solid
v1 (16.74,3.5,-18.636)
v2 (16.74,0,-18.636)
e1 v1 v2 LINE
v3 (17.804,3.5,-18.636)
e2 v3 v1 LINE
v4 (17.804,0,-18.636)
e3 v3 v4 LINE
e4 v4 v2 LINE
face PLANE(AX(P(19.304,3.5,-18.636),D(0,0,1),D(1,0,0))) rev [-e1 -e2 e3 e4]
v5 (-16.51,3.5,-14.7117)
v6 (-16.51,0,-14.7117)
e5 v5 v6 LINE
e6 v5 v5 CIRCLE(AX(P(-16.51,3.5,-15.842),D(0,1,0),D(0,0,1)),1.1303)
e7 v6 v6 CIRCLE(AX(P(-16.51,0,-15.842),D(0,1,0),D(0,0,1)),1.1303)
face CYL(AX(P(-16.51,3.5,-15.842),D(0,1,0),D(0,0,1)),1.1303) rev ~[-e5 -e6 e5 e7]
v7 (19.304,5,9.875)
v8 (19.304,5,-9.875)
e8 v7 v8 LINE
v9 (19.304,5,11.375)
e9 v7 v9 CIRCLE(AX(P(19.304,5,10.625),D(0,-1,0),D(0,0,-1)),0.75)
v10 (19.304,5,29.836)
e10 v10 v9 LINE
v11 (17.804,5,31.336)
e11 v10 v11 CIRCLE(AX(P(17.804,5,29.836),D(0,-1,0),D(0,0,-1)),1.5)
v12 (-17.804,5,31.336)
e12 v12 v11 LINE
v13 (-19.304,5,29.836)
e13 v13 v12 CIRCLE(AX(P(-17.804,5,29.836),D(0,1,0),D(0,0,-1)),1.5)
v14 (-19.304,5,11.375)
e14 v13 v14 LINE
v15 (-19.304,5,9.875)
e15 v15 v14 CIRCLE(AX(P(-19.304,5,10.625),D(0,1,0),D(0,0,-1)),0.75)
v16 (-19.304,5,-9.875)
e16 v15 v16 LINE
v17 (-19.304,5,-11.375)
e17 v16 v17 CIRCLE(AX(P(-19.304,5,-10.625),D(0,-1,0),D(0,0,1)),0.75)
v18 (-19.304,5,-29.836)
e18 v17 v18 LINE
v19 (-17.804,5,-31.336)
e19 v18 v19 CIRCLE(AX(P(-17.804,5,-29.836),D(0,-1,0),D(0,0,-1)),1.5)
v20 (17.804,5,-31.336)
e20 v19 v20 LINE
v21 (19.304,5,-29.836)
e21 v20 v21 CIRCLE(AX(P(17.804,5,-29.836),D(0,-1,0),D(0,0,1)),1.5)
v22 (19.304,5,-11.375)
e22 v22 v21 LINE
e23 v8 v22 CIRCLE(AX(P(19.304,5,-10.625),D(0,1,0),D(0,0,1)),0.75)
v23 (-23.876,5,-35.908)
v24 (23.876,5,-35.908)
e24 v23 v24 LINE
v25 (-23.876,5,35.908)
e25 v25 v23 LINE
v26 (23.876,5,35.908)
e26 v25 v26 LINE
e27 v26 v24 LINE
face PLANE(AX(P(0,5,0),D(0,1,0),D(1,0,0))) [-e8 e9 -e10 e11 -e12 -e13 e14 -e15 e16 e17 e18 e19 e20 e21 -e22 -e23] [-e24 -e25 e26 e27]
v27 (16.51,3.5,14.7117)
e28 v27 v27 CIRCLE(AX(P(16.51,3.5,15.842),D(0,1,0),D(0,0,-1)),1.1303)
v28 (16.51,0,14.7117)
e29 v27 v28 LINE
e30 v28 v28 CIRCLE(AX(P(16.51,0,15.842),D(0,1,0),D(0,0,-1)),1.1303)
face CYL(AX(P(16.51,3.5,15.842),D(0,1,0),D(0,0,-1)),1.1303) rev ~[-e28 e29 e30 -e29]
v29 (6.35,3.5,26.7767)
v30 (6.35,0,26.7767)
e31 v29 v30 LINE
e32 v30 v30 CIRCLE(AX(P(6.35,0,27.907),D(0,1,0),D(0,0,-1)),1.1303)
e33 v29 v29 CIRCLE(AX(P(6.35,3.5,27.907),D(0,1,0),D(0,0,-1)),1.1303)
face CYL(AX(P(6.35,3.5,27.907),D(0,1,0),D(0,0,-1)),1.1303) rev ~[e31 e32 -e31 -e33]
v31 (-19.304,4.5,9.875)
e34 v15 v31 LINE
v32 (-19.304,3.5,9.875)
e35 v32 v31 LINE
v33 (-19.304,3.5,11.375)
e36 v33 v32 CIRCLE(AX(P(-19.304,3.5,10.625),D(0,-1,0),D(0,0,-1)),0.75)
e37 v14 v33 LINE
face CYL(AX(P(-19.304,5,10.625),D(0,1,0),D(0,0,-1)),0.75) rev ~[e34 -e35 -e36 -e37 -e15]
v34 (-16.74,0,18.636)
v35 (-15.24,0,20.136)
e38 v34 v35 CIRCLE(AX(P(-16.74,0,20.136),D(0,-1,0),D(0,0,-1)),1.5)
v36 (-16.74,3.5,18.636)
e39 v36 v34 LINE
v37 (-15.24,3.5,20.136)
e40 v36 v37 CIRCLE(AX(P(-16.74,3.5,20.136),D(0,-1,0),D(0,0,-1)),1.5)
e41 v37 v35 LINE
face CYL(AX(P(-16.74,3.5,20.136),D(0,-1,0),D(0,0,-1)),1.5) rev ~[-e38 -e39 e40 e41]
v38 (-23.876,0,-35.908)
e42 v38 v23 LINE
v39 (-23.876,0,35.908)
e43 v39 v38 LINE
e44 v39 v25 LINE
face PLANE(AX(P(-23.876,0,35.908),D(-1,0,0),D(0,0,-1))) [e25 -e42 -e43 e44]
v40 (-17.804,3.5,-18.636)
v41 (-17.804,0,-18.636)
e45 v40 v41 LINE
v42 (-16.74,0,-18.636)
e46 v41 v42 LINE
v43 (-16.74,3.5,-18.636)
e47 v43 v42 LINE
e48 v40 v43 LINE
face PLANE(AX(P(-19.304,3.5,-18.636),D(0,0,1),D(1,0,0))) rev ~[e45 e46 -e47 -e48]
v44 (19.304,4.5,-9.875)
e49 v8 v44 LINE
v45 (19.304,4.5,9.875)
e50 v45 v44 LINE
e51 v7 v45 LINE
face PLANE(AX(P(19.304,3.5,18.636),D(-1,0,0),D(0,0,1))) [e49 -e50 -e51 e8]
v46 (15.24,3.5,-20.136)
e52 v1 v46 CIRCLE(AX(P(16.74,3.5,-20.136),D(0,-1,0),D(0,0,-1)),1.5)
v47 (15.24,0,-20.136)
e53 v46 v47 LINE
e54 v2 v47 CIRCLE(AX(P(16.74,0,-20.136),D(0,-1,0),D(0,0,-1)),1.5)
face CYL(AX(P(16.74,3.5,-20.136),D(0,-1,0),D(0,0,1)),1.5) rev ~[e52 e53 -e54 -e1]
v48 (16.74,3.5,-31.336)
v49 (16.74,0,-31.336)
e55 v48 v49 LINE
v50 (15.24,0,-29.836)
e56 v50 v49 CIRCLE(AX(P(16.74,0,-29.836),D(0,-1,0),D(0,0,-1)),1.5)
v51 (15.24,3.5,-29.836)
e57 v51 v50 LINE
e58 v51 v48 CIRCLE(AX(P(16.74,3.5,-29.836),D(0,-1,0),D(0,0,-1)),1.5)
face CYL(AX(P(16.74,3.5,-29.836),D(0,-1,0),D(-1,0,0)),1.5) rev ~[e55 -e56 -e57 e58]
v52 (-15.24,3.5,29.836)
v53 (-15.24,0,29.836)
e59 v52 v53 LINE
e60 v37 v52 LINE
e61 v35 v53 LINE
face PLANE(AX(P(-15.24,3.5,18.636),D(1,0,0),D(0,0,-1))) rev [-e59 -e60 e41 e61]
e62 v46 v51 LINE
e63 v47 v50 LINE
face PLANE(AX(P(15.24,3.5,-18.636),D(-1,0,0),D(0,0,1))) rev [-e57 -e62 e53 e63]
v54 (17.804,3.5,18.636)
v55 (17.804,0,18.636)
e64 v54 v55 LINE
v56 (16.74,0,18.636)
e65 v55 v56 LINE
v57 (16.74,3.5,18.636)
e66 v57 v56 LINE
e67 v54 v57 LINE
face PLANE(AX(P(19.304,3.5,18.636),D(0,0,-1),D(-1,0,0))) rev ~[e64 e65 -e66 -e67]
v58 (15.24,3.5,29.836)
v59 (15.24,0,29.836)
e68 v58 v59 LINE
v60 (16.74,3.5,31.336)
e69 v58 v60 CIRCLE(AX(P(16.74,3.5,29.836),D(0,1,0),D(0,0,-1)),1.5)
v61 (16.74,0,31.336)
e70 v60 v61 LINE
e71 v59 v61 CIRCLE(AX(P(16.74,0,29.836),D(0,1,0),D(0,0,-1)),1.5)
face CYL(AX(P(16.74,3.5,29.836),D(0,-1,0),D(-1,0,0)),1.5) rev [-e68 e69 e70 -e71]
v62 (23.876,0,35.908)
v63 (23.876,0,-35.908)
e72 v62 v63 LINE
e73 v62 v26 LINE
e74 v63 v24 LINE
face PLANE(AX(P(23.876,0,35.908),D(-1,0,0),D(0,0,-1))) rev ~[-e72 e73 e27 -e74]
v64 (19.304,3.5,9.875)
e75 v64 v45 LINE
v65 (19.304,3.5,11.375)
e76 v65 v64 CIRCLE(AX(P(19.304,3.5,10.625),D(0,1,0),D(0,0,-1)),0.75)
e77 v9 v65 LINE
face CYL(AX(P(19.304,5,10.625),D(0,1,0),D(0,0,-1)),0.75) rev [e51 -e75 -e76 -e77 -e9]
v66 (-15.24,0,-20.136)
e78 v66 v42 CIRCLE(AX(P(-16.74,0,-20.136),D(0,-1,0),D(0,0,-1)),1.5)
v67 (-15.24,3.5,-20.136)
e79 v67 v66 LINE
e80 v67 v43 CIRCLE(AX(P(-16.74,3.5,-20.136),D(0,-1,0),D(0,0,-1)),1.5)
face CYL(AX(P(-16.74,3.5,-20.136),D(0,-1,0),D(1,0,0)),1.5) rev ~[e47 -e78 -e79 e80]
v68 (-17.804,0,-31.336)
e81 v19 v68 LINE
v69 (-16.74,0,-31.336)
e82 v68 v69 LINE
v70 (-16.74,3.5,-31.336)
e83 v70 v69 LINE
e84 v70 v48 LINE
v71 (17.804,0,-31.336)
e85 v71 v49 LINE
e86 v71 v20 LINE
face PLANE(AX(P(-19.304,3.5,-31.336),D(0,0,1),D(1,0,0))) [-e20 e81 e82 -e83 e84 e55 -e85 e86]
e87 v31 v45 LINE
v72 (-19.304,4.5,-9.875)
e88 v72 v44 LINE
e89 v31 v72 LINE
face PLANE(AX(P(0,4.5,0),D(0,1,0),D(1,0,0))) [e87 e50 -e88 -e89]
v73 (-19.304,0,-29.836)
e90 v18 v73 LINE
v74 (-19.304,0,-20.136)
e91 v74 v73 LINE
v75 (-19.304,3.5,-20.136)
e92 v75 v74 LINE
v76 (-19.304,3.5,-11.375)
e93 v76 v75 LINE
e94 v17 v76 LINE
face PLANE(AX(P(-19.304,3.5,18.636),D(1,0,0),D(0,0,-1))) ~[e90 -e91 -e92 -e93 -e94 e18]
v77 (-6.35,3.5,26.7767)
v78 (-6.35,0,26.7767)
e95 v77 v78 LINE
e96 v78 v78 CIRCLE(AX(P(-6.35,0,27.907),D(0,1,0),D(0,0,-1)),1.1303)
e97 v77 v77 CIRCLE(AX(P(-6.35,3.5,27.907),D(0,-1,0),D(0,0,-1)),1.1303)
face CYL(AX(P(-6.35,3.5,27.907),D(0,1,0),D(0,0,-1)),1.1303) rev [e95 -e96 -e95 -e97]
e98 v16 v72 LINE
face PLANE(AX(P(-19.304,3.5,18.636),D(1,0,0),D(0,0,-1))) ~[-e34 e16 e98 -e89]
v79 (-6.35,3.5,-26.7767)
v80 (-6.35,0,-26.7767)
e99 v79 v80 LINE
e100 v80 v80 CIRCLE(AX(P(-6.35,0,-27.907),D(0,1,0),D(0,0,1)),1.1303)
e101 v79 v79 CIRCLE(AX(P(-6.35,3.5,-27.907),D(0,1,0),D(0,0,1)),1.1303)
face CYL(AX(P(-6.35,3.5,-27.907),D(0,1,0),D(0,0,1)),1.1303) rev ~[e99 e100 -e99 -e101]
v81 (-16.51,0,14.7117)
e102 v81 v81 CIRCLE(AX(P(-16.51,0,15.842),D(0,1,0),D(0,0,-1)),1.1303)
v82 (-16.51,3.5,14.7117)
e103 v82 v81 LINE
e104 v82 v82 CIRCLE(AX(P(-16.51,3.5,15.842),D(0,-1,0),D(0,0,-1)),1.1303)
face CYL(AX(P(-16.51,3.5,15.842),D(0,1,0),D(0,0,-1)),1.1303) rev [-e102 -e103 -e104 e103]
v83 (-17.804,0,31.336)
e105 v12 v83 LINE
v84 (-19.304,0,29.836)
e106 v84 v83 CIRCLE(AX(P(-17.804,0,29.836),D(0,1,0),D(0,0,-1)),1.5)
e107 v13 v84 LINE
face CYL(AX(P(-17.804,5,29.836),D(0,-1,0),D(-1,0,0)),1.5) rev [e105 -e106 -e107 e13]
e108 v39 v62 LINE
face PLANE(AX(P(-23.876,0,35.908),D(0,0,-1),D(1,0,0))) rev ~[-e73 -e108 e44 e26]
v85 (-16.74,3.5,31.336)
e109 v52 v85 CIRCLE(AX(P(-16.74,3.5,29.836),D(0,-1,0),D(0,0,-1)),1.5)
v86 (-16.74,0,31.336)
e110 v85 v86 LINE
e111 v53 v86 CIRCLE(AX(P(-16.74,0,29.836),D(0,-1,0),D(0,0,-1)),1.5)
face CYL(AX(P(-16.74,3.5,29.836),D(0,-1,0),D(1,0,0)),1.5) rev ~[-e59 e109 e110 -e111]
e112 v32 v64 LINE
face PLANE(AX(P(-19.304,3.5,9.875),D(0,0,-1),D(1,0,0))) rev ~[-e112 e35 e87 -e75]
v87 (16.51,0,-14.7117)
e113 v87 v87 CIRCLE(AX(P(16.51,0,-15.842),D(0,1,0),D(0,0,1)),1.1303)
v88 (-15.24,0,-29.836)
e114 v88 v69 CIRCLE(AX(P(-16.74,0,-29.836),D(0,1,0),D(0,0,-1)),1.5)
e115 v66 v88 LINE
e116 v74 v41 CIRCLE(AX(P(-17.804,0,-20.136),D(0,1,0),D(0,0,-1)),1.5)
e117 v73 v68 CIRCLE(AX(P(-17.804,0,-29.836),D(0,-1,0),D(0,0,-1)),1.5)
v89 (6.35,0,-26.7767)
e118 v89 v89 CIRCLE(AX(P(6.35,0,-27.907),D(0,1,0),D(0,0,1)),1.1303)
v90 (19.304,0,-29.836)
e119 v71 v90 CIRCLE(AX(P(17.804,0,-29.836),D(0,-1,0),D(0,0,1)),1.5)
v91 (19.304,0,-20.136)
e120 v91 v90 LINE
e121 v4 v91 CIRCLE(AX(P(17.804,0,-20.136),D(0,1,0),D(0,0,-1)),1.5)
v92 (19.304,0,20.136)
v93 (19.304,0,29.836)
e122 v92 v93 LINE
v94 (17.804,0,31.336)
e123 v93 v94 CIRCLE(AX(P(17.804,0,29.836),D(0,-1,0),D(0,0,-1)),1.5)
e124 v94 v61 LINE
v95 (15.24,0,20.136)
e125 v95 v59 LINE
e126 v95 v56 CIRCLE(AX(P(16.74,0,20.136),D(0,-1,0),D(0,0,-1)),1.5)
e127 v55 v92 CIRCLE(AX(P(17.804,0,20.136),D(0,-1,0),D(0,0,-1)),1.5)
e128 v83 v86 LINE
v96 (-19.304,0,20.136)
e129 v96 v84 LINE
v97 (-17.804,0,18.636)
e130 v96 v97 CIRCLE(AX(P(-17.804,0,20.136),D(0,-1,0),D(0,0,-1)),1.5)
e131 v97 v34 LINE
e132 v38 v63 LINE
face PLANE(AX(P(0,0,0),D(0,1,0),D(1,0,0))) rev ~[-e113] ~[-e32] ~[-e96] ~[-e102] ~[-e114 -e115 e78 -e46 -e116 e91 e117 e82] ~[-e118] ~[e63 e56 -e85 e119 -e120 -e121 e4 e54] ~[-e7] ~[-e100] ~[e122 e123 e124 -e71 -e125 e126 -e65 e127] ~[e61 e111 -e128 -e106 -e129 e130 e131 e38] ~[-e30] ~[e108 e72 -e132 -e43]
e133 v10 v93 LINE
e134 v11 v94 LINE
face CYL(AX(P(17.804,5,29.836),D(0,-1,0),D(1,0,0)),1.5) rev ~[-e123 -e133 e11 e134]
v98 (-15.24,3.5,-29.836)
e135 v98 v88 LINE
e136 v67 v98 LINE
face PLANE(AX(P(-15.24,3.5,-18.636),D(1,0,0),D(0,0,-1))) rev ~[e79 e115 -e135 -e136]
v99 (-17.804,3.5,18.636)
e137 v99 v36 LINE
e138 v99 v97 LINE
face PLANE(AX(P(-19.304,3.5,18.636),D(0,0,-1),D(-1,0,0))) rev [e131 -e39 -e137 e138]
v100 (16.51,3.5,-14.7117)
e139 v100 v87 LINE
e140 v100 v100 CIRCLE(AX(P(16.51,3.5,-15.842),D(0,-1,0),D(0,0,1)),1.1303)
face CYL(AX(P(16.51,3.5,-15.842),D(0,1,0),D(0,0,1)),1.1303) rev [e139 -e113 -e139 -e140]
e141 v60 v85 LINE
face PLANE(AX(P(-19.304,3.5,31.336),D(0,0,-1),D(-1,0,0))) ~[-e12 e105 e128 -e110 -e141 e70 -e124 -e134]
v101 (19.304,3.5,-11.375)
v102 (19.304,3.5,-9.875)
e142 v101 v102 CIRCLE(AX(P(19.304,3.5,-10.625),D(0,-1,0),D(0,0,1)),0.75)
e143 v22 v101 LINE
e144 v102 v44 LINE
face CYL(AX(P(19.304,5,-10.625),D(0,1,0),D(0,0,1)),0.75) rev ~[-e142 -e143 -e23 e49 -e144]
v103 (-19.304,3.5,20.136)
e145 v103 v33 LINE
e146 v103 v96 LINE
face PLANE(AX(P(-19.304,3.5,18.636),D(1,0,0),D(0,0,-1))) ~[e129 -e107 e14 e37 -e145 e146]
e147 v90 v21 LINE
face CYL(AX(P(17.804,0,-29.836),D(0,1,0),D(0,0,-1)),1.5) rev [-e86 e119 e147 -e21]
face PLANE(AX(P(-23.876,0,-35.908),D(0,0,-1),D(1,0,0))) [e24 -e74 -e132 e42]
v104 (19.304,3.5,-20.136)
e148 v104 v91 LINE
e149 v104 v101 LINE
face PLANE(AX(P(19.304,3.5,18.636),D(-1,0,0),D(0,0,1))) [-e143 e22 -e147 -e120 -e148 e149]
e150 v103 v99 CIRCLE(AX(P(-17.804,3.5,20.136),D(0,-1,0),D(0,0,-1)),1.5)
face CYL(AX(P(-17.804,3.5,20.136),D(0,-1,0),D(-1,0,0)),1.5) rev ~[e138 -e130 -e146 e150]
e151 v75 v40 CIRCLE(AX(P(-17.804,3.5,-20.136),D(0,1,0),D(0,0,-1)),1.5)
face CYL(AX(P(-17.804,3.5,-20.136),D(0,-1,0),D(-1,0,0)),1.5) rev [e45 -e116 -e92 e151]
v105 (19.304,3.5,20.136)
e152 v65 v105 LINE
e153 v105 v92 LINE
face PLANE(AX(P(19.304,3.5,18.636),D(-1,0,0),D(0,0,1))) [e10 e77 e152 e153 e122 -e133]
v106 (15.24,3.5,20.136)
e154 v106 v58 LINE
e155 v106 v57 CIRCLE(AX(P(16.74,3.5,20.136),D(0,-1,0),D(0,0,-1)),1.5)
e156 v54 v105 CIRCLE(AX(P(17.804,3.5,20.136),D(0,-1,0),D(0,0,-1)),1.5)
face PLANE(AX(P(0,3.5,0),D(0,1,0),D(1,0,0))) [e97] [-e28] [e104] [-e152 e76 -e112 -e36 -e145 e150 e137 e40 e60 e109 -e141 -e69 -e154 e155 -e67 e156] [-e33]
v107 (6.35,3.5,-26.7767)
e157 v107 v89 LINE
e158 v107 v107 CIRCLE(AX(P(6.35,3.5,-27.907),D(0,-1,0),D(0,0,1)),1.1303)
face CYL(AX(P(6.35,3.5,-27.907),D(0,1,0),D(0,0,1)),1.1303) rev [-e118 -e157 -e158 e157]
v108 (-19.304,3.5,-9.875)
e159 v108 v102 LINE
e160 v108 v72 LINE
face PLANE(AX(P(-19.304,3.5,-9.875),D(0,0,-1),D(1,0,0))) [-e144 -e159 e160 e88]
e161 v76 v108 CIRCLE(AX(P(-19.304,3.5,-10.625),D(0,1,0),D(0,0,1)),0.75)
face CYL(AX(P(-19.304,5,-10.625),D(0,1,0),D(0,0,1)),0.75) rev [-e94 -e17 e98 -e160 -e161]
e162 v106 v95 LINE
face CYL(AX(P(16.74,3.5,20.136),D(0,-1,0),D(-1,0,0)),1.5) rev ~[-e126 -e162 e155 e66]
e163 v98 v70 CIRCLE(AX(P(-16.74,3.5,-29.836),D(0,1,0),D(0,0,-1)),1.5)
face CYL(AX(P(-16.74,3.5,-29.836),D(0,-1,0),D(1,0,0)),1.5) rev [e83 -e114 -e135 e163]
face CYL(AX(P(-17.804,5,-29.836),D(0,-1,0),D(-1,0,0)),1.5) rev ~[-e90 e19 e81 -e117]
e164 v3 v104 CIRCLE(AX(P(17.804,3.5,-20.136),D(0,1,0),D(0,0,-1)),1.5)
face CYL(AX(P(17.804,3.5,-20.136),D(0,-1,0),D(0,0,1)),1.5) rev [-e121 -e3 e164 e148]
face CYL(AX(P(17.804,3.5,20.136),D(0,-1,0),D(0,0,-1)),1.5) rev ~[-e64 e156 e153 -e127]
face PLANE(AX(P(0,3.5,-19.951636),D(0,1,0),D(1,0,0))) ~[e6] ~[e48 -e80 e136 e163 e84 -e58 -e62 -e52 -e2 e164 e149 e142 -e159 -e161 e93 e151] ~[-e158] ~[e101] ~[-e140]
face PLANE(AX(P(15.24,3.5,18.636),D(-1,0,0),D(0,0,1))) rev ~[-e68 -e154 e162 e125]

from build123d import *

# Parameters (mm, degrees)
SKETCH1_W                                  = 47.752
SKETCH1_H                                  = 71.816
BOSS_EXTRUDE1_DEPTH                        = 5
SKETCH2_W                                  = 38.608
SKETCH2_H                                  = 62.672
CUT_EXTRUDE1_DEPTH                         = 1.5
SKETCH3_W                                  = 4.064
SKETCH3_H                                  = 12.7
CUT_EXTRUDE2_DEPTH                         = 44.263123327
MIRROR4_AT_THE_SECOND_PLANE_COPY_1_SKETC_W = 4.064
MIRROR4_AT_THE_SECOND_PLANE_COPY_1_SKETC_H = 12.7
MIRROR4_AT_THE_SECOND_PLANE_COPY_1_DEPTH   = 44.263123327
FILLET2_R                                  = 1.5
SKETCH4_R                                  = 1.1303
CUT_EXTRUDE3_DEPTH                         = 44.263123327
MIRROR5_AT_THE_SECOND_PLANE_COPY_1_SKETC_R = 1.1303
MIRROR5_AT_THE_SECOND_PLANE_COPY_1_DEPTH   = 44.263123327
SKETCH5_W                                  = 38.608
SKETCH5_H                                  = 19.75
BOSS_EXTRUDE2_DEPTH                        = 1
CUT_EXTRUDE4_REACH                         = 45.41
MIRROR6_AT_THE_SECOND_PLANE_COPY_1_REACH   = 45.41


with BuildPart() as part:
    # Sketch1 → Boss-Extrude1 (new body)
    with BuildSketch(Plane(origin=(0, 0, 0), x_dir=(1, 0, 0), z_dir=(0, 1, 0))):
        Rectangle(SKETCH1_W, SKETCH1_H)
    extrude(amount=BOSS_EXTRUDE1_DEPTH)

    # Sketch2 → Cut-Extrude1 (cut)
    with BuildSketch(Plane(origin=(0, 5, 0), x_dir=(1, 0, 0), z_dir=(0, 1, 0))):
        Rectangle(SKETCH2_W, SKETCH2_H)
    extrude(amount=-CUT_EXTRUDE1_DEPTH, mode=Mode.SUBTRACT)

    # Sketch3 → Cut-Extrude2 (cut, through all)
    with BuildSketch(Plane(origin=(0, 3.5, 0), x_dir=(1, 0, 0), z_dir=(0, 1, 0))):
        with Locations((-17.272, 24.986)):
            Rectangle(SKETCH3_W, SKETCH3_H)
    cut_extrude2 = extrude(amount=-CUT_EXTRUDE2_DEPTH, mode=Mode.SUBTRACT)

    # Mirror4: Cut-Extrude2 across plane
    add(cut_extrude2.mirror(Plane.XY), mode=Mode.SUBTRACT)

    # Mirror4 at the second plane: Cut-Extrude2 across plane
    add(cut_extrude2.mirror(Plane(origin=(0, 0, 0), x_dir=(0, 0, 1), z_dir=(1, 0, 0))), mode=Mode.SUBTRACT)

    # Mirror4 at the second plane copy 1 sketc → Mirror4 at the second plane copy 1 (cut, through all)
    with BuildSketch(Plane(origin=(0, 3.5, 0), x_dir=(-1, 0, 0), z_dir=(0, 1, 0))):
        with Locations((-17.272, 24.986)):
            Rectangle(MIRROR4_AT_THE_SECOND_PLANE_COPY_1_SKETC_W, MIRROR4_AT_THE_SECOND_PLANE_COPY_1_SKETC_H)
    extrude(amount=-MIRROR4_AT_THE_SECOND_PLANE_COPY_1_DEPTH, mode=Mode.SUBTRACT)

    # Fillet2
    fillet2_edges = [part.edges().sort_by_distance(p)[0] for p in [
        (19.304, 2.5, -31.336),
        (19.304, 2.5, 31.336),
        (-19.304, 2.5, 31.336),
        (-19.304, 2.5, -31.336),
        (-19.304, 1.75, -18.636),
        (-15.24, 1.75, -31.336),
        (-15.24, 1.75, -18.636),
        (19.304, 1.75, -18.636),
        (15.24, 1.75, -18.636),
        (15.24, 1.75, -31.336),
        (-19.304, 1.75, 18.636),
        (-15.24, 1.75, 18.636),
        (-15.24, 1.75, 31.336),
        (19.304, 1.75, 18.636),
        (15.24, 1.75, 31.336),
        (15.24, 1.75, 18.636),
    ]]
    fillet(fillet2_edges, radius=FILLET2_R)

    # Sketch4 → Cut-Extrude3 (cut, through all)
    with BuildSketch(Plane(origin=(0, 3.5, 0), x_dir=(1, 0, 0), z_dir=(0, 1, 0))):
        with Locations(Location((-6.35, 27.907, 0), (0, 0, 270))):
            Circle(SKETCH4_R)
        with Locations(Location((-16.51, 15.842, 0), (0, 0, 270))):
            Circle(SKETCH4_R)
    cut_extrude3 = extrude(amount=-CUT_EXTRUDE3_DEPTH, mode=Mode.SUBTRACT)

    # Mirror5: Cut-Extrude3 across plane
    add(cut_extrude3.mirror(Plane.XY), mode=Mode.SUBTRACT)

    # Mirror5 at the second plane: Cut-Extrude3 across plane
    add(cut_extrude3.mirror(Plane(origin=(0, 0, 0), x_dir=(0, 0, 1), z_dir=(1, 0, 0))), mode=Mode.SUBTRACT)

    # Mirror5 at the second plane copy 1 sketc → Mirror5 at the second plane copy 1 (cut, through all)
    with BuildSketch(Plane(origin=(0, 3.5, 0), x_dir=(-1, 0, 0), z_dir=(0, 1, 0))):
        with Locations(Location((-6.35, 27.907, 0), (0, 0, 270))):
            Circle(MIRROR5_AT_THE_SECOND_PLANE_COPY_1_SKETC_R)
        with Locations(Location((-16.51, 15.842, 0), (0, 0, 270))):
            Circle(MIRROR5_AT_THE_SECOND_PLANE_COPY_1_SKETC_R)
    extrude(amount=-MIRROR5_AT_THE_SECOND_PLANE_COPY_1_DEPTH, mode=Mode.SUBTRACT)

    # Sketch5 → Boss-Extrude2 (add)
    with BuildSketch(Plane(origin=(0, 3.5, 0), x_dir=(1, 0, 0), z_dir=(0, 1, 0))):
        Rectangle(SKETCH5_W, SKETCH5_H)
    extrude(amount=BOSS_EXTRUDE2_DEPTH)

    # Cut-Extrude4: up to this face of the body (flat: up to its plane)
    cut_extrude4_end = Plane(part.part.faces().sort_by_distance((0, 3.5, -19.951636366))[0])
    # Sketch6 → Cut-Extrude4 (cut, up to the picked face)
    with BuildSketch(Plane(origin=(0, 5, 0), x_dir=(1, 0, 0), z_dir=(0, 1, 0)), mode=Mode.PRIVATE) as cut_extrude4_sk1:
        with BuildLine():
            Line((-19.304, 11.375), (-19.304, 9.875))
            ThreePointArc((-19.304, 9.875), (-20.054, 10.625), (-19.304, 11.375))
        make_face()
    cut_extrude4_tool1 = split(extrude(cut_extrude4_sk1.sketch, amount=-CUT_EXTRUDE4_REACH, mode=Mode.PRIVATE), bisect_by=cut_extrude4_end, keep=Keep.BOTH, mode=Mode.PRIVATE)
    cut_extrude4 = cut_extrude4_tool1.solids().sort_by(Axis((-19.62231, 5, -10.625), (0, -1, 0)))[0]
    add(cut_extrude4, mode=Mode.SUBTRACT)

    # Mirror6: Cut-Extrude4 across plane
    add(cut_extrude4.mirror(Plane.XY), mode=Mode.SUBTRACT)

    # Mirror6 at the second plane: Cut-Extrude4 across plane
    add(cut_extrude4.mirror(Plane(origin=(0, 0, 0), x_dir=(0, 0, 1), z_dir=(1, 0, 0))), mode=Mode.SUBTRACT)

    # Mirror6 at the second plane copy 1: up to this face of the body (flat: up to its plane)
    mirror6_at_the_second_plane_copy_1_end = Plane(part.part.faces().sort_by_distance((0, 3.5, 19.951636366))[0])
    # Mirror6 at the second plane copy 1 sketc → Mirror6 at the second plane copy 1 (cut, up to the picked face)
    with BuildSketch(Plane(origin=(0, 5, 0), x_dir=(-1, 0, 0), z_dir=(0, 1, 0)), mode=Mode.PRIVATE) as mirror6_at_the_second_plane_copy_1_sk1:
        with BuildLine():
            Line((-19.304, 11.375), (-19.304, 9.875))
            ThreePointArc((-19.304, 9.875), (-20.054, 10.625), (-19.304, 11.375))
        make_face()
    mirror6_at_the_second_plane_copy_1_tool1 = split(extrude(mirror6_at_the_second_plane_copy_1_sk1.sketch, amount=-MIRROR6_AT_THE_SECOND_PLANE_COPY_1_REACH, mode=Mode.PRIVATE), bisect_by=mirror6_at_the_second_plane_copy_1_end, keep=Keep.BOTH, mode=Mode.PRIVATE)
    add(mirror6_at_the_second_plane_copy_1_tool1.solids().sort_by(Axis((19.62231, 5, 10.625), (0, -1, 0)))[0], mode=Mode.SUBTRACT)


solid = part.part
